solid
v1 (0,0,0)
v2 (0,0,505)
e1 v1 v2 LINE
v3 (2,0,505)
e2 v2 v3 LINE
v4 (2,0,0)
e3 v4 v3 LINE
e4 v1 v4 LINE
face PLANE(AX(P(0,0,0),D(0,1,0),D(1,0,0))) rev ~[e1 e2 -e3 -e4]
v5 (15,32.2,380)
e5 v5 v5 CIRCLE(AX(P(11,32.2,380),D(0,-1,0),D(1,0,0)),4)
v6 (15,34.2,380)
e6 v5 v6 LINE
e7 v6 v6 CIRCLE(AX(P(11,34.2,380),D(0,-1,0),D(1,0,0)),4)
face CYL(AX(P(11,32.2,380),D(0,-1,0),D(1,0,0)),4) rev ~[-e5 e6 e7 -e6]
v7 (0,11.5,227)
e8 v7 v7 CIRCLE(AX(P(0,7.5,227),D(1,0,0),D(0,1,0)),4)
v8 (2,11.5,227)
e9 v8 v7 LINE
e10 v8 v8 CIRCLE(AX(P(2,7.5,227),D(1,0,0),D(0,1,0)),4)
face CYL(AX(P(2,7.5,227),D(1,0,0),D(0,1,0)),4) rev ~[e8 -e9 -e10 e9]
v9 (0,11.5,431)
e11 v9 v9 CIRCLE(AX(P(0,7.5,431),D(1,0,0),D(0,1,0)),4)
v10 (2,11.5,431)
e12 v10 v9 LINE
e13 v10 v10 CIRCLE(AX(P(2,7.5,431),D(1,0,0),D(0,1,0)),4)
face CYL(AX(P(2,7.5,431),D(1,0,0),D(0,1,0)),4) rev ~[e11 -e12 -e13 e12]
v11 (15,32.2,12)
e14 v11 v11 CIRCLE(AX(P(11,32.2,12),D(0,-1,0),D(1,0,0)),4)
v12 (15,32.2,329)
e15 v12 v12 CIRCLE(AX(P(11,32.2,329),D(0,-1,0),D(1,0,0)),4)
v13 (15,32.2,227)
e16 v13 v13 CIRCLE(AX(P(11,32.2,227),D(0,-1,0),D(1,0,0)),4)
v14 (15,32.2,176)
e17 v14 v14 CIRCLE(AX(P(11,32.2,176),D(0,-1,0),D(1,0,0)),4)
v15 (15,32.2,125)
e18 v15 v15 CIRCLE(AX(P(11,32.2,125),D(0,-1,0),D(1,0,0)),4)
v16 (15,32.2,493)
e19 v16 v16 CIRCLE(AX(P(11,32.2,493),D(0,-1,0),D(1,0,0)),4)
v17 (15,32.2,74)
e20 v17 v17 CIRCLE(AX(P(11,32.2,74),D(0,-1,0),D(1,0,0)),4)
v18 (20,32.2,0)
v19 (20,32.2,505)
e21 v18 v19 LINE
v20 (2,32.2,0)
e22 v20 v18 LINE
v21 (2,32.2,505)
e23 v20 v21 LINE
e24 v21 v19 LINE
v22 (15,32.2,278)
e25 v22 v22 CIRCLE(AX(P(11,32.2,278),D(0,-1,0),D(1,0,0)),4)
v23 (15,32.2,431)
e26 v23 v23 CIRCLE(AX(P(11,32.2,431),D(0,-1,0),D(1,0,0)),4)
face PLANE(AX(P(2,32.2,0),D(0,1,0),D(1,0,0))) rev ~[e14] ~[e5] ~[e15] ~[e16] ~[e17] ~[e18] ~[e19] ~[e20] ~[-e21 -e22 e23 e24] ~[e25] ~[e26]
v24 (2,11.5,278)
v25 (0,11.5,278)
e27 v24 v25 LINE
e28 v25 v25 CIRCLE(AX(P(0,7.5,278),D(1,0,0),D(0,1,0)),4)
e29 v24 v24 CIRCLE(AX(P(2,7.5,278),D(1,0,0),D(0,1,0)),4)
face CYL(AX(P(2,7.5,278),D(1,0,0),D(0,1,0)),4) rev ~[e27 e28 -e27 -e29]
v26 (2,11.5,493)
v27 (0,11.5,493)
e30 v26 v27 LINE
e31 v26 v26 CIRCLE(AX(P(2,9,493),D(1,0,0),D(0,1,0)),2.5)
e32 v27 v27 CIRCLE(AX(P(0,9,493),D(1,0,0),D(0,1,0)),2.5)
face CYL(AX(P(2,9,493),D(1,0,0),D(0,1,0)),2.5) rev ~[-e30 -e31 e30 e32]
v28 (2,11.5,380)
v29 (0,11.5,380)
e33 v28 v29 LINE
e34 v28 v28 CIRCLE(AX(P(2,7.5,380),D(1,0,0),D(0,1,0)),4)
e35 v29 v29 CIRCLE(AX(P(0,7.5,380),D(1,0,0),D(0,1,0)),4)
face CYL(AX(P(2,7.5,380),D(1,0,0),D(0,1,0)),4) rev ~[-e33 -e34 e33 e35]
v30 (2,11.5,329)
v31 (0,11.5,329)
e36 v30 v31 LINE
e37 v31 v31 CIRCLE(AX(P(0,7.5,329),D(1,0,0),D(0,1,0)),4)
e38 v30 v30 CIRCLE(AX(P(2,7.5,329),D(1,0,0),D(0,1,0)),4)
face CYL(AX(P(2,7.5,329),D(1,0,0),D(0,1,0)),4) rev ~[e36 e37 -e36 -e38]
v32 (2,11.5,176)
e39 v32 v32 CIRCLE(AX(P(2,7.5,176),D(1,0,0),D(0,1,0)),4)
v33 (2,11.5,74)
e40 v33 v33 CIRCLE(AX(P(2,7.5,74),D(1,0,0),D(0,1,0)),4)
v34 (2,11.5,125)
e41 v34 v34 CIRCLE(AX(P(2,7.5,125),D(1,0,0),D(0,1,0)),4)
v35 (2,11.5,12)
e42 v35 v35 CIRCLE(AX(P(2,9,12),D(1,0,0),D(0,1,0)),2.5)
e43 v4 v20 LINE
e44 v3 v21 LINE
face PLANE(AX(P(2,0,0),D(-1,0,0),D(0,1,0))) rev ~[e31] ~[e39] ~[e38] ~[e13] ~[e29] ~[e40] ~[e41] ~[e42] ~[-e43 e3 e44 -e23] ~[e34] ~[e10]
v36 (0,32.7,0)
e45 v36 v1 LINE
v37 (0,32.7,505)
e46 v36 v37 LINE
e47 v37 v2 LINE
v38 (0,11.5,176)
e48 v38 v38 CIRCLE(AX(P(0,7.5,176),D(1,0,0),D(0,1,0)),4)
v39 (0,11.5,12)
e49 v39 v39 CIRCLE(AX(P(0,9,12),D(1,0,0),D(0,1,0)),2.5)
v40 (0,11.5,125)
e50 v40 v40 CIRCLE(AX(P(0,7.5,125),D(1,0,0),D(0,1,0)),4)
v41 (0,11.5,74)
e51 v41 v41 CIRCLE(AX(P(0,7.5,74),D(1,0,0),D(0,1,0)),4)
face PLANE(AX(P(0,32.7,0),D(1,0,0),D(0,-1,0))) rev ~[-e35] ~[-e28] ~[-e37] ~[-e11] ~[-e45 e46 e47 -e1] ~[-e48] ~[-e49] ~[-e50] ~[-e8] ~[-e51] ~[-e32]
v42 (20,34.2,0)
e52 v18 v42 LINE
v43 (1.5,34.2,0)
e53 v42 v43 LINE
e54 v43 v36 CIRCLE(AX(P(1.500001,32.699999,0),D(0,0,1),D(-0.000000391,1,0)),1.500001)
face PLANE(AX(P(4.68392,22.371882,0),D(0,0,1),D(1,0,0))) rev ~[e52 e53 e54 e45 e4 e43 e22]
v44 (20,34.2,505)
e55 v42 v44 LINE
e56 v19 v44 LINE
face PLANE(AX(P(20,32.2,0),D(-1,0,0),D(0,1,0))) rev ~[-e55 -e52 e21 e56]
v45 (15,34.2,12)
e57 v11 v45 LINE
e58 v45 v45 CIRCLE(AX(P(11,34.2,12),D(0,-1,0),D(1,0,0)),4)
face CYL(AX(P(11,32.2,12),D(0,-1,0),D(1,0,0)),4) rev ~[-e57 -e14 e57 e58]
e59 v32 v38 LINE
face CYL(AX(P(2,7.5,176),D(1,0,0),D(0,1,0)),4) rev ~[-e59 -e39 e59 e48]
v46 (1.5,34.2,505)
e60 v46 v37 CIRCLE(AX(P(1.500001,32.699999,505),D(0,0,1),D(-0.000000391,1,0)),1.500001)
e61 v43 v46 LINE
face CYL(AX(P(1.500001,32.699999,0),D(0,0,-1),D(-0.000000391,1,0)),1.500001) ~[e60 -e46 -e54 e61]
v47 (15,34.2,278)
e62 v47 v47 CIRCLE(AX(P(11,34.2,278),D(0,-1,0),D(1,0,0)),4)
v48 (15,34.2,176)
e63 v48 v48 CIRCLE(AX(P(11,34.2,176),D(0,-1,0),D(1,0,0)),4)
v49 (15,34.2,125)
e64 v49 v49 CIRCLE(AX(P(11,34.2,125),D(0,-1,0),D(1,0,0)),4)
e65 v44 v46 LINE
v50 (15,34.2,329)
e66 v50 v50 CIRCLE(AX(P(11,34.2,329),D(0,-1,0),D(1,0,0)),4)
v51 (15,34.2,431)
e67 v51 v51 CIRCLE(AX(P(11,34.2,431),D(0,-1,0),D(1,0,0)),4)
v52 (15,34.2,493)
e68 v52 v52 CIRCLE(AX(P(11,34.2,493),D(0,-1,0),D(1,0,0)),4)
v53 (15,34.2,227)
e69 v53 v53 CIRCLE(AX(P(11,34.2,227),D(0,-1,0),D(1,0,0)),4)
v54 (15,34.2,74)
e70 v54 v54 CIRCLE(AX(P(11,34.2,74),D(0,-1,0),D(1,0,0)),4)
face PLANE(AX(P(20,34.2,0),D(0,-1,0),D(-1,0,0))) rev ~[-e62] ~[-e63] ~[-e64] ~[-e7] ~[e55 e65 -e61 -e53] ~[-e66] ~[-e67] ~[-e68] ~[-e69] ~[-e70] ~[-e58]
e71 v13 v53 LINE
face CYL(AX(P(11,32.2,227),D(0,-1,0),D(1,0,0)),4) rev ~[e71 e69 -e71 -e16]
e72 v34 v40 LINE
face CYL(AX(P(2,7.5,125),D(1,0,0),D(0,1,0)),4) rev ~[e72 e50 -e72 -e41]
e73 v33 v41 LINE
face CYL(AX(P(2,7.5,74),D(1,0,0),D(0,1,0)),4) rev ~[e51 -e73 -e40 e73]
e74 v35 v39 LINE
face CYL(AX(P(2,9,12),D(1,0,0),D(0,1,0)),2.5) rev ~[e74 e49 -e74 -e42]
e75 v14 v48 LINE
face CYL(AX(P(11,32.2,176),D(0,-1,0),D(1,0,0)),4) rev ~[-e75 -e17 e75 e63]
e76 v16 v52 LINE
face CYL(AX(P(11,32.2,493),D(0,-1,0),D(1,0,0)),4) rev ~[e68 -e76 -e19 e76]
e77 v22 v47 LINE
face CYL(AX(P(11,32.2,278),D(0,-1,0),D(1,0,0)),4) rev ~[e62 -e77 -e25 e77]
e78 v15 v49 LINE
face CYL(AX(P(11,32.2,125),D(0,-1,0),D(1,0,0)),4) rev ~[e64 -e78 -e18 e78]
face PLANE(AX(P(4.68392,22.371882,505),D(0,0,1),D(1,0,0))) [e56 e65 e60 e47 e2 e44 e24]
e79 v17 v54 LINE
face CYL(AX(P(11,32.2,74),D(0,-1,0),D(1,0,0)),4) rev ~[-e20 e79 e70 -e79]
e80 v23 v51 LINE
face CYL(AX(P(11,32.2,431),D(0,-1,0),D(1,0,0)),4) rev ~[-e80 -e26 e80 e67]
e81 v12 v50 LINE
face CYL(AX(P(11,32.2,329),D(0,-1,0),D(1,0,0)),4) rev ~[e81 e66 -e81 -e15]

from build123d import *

# Parameters (mm, degrees)
F1_DEPTH = 505
F2_R     = 4
F2_R_2   = 2.5
F3_DEPTH = 2.001
F4_R     = 4
F5_DEPTH = 2.001


with BuildPart() as f1:
    # F0 (on Top) → F1 (new body)
    with BuildSketch(Plane.XY):
        with BuildLine():
            Line((0, 32.7), (0, 0))
            Line((0, 0), (2, 0))
            Line((2, 0), (2, 32.2))
            Line((2, 32.2), (20, 32.2))
            Line((20, 32.2), (20, 34.2))
            Line((20, 34.2), (1.5, 34.2))
            ThreePointArc((1.5, 34.2), (0.43934, 33.76066), (0, 32.7))
        make_face()
    extrude(amount=F1_DEPTH)

    # F2 (on face) → F3 (cut, through all)
    with BuildSketch(Plane.YZ.offset(2)):
        with Locations((7.5, 431)):
            Circle(F2_R)
        with Locations((7.5, 380)):
            Circle(F2_R)
        with Locations((7.5, 329)):
            Circle(F2_R)
        with Locations((7.5, 278)):
            Circle(F2_R)
        with Locations((7.5, 227)):
            Circle(F2_R)
        with Locations((7.5, 176)):
            Circle(F2_R)
        with Locations((7.5, 125)):
            Circle(F2_R)
        with Locations((7.5, 74)):
            Circle(F2_R)
        with Locations((9, 12)):
            Circle(F2_R_2)
        with Locations((9, 493)):
            Circle(F2_R_2)
    extrude(amount=-F3_DEPTH, mode=Mode.SUBTRACT)

    # F4 (on face) → F5 (cut, through all)
    with BuildSketch(Plane.XZ.offset(-32.2)):
        with Locations((11, 74)):
            Circle(F4_R)
        with Locations((11, 125)):
            Circle(F4_R)
        with Locations((11, 12)):
            Circle(F4_R)
        with Locations((11, 176)):
            Circle(F4_R)
        with Locations((11, 227)):
            Circle(F4_R)
        with Locations((11, 278)):
            Circle(F4_R)
        with Locations((11, 329)):
            Circle(F4_R)
        with Locations((11, 380)):
            Circle(F4_R)
        with Locations((11, 431)):
            Circle(F4_R)
        with Locations((11, 493)):
            Circle(F4_R)
    extrude(amount=-F5_DEPTH, mode=Mode.SUBTRACT)


solid = f1.part
